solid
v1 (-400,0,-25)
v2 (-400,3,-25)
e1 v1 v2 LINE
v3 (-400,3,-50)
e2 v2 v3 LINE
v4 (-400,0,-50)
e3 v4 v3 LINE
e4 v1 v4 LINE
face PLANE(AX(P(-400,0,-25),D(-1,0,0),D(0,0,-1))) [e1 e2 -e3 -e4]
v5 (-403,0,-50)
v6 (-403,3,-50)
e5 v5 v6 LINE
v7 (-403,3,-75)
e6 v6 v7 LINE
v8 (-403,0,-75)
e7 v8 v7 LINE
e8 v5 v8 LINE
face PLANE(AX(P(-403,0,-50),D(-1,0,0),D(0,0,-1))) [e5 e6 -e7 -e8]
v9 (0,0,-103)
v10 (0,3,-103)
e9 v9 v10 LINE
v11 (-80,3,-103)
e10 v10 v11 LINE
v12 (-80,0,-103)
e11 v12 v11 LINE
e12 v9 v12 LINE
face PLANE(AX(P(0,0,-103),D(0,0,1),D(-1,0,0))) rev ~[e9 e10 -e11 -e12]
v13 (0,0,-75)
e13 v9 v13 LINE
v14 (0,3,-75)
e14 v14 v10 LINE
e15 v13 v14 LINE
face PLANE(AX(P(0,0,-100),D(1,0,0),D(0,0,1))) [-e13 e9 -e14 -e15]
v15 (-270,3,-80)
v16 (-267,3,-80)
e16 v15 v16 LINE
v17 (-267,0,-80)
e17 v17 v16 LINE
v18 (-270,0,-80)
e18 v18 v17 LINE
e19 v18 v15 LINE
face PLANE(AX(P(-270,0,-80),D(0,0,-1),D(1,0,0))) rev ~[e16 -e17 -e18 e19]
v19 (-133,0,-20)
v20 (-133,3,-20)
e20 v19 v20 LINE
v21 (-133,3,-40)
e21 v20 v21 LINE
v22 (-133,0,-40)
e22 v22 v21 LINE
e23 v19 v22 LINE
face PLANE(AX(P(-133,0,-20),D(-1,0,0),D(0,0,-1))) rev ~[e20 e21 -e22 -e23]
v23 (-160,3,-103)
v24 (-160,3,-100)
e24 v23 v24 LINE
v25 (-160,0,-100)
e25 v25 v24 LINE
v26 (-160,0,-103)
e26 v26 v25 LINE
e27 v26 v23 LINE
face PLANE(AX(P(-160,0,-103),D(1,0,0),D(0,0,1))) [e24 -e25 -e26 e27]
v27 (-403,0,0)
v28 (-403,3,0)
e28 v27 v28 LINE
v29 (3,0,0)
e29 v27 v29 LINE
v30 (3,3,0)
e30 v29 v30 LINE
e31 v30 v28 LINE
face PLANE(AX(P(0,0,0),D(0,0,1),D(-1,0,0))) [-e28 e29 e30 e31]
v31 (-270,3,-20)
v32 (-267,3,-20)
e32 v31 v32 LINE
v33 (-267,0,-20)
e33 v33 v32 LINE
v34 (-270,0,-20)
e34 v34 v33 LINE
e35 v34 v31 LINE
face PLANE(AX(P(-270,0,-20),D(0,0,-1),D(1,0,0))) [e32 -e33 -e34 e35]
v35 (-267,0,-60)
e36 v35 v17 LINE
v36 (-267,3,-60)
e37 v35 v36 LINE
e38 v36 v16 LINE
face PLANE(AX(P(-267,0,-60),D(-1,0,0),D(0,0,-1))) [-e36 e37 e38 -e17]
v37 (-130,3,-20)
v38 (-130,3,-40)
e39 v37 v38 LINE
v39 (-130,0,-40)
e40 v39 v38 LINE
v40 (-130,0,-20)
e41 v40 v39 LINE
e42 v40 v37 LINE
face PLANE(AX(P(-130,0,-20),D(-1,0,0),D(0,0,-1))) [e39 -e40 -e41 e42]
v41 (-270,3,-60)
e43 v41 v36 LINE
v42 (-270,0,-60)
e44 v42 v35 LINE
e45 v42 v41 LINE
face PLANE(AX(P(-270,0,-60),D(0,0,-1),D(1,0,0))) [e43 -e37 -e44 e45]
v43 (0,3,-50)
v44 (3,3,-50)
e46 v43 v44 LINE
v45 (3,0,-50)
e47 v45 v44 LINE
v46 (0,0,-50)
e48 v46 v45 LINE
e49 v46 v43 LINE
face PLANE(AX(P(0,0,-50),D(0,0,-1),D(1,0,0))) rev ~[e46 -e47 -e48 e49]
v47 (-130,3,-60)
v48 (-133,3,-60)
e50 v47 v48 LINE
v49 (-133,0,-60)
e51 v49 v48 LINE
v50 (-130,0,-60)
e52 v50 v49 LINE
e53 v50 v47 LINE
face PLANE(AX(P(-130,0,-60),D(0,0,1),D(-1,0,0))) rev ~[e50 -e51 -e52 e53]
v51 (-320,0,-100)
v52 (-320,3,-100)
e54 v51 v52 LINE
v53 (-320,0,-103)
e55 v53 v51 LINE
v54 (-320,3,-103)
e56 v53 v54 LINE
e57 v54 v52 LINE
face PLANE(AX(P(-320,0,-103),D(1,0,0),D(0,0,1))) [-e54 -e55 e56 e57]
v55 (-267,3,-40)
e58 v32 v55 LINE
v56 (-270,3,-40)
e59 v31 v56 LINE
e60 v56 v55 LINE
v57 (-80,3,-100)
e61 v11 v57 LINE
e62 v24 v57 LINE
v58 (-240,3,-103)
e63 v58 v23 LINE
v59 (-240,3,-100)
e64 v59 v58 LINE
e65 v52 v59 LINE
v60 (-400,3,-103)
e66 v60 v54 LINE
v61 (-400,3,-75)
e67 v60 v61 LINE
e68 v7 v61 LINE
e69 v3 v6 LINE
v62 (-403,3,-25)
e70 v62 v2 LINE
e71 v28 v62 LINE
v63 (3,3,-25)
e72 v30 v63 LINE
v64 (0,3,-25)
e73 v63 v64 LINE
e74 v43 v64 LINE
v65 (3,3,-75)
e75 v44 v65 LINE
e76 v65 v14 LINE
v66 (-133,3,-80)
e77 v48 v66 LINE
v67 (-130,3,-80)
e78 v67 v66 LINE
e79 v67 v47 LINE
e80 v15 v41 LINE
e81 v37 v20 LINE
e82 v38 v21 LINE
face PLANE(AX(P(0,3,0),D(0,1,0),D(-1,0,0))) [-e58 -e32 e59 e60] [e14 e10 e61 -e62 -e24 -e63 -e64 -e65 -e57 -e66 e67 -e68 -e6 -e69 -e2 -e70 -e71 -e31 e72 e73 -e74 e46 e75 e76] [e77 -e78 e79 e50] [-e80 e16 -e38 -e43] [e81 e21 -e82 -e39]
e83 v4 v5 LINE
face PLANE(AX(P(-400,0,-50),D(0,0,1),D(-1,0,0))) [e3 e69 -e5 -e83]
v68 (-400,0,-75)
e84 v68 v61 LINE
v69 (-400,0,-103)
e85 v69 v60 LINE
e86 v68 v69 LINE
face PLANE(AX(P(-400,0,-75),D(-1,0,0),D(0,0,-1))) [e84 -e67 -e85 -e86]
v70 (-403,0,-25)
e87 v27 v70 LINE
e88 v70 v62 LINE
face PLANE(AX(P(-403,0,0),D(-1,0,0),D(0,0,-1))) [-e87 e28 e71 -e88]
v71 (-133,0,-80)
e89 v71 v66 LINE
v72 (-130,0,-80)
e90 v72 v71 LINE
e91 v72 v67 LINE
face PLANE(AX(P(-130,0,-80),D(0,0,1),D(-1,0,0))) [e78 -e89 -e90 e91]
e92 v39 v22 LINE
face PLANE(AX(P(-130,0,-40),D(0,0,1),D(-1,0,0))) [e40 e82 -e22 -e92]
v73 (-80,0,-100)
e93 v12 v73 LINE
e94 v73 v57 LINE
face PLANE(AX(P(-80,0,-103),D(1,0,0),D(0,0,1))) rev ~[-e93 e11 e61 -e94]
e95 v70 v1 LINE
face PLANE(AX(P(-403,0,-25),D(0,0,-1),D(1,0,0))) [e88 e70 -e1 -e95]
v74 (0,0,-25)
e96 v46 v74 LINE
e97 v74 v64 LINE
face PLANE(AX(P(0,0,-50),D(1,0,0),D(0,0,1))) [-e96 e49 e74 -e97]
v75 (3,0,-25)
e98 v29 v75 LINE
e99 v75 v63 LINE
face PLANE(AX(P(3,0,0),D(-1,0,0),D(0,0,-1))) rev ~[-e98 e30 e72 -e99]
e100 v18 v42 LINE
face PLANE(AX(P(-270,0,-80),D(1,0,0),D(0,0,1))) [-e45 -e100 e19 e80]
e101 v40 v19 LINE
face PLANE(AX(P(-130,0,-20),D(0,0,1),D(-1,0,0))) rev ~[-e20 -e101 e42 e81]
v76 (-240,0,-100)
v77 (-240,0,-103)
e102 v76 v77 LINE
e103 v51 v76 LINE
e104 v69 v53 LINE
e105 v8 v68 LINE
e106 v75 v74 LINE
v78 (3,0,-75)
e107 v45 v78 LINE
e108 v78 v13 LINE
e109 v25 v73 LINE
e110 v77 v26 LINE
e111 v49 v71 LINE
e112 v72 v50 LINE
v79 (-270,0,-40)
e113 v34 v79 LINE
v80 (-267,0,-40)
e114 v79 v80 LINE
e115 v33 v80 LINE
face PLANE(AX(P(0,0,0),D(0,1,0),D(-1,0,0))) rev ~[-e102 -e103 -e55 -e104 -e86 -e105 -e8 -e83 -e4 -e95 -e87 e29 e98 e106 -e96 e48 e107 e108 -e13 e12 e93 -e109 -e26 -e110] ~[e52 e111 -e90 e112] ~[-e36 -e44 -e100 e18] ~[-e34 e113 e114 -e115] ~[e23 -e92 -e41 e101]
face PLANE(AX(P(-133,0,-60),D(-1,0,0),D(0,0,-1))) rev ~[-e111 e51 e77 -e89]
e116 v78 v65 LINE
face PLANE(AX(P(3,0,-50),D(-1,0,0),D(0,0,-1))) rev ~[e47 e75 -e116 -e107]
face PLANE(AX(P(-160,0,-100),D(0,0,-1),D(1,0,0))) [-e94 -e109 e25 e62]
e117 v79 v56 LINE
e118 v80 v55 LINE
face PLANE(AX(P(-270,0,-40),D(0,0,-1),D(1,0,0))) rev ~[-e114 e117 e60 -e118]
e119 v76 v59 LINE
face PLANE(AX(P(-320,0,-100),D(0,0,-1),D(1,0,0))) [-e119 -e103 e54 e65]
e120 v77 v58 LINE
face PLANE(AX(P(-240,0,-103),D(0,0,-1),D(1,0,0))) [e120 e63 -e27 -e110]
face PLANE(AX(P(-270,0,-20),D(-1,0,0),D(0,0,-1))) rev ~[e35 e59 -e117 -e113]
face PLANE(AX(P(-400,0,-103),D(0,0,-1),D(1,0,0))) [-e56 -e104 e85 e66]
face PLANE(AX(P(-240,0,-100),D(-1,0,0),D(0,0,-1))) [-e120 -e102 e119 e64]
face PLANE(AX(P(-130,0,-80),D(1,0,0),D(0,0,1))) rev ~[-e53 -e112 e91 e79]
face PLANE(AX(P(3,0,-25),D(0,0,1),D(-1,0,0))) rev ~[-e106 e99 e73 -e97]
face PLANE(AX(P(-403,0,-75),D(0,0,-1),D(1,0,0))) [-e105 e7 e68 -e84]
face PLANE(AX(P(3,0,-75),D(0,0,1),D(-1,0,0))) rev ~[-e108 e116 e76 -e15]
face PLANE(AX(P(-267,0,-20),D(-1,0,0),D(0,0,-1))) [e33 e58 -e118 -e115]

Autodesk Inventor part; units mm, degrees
ref_plane "YZ Plane" through (0, 0, 0) normal (1, 0, 0) x (0, 1, 0)
ref_plane "XZ Plane" through (0, 0, 0) normal (0, 1, 0) x (-1, 0, 0)
ref_plane "XY Plane" through (0, 0, 0) normal (0, 0, 1) x (1, 0, 0)
sketch "Sketch1" plane through (0, 0, 0) normal (0, 1, 0) x (-1, 0, 0)
  line L0 (0, 0) -> (400, 0)
  line L1 (400, 0) -> (400, -100)
  line L2 (400, -100) -> (0, -100)
  line L3 (0, -100) -> (0, 0)
  line L4 (400, -100) -> (400, -103)
  line L5 (400, -103) -> (320, -103)
  line L6 (320, -103) -> (320, -100)
  line L7 (0, -100) -> (0, -103)
  line L8 (0, -103) -> (80, -103)
  line L9 (80, -103) -> (80, -100)
  line L10 (240, -100) -> (240, -103)
  line L11 (240, -103) -> (160, -103)
  line L12 (160, -103) -> (160, -100)
  line L13 (400, 0) -> (403, 0)
  line L14 (403, 0) -> (403, -25)
  line L15 (403, -25) -> (400, -25)
  line L16 (400, -25) -> (400, -50)
  line L17 (400, -50) -> (403, -50)
  line L18 (403, -50) -> (403, -75)
  line L19 (403, -75) -> (400, -75)
  line L20 (200, 0) -> (200, -100) construction
  line L21 (0, 0) -> (0, -100)
  line L22 (0, 0) -> (-3, 0)
  line L23 (-3, 0) -> (-3, -25)
  line L24 (-3, -25) -> (0, -25)
  line L25 (0, -25) -> (0, -50)
  line L26 (0, -50) -> (-3, -50)
  line L27 (-3, -50) -> (-3, -75)
  line L28 (-3, -75) -> (0, -75)
  line L29 (0, 0) -> (130, 0)
  line L30 (130, 0) -> (264, 0)
  line L31 (130, 0) -> (133, 0)
  line L32 (133, 0) -> (267, 0)
  line L33 (267, 0) -> (270, 0)
  line L34 (130, -20) -> (133, -20)
  line L35 (130, -20) -> (130, -40)
  line L36 (130, -40) -> (133, -40)
  line L37 (130, -80) -> (133, -80)
  line L38 (130, -80) -> (130, -60)
  line L39 (130, -60) -> (133, -60)
  line L40 (133, -20) -> (133, -40)
  line L41 (133, -60) -> (133, -80)
  line L42 (270, -20) -> (267, -20)
  line L43 (270, -20) -> (270, -40)
  line L44 (270, -40) -> (267, -40)
  line L45 (270, -80) -> (267, -80)
  line L46 (270, -80) -> (270, -60)
  line L47 (270, -60) -> (267, -60)
  line L48 (267, -20) -> (267, -40)
  line L49 (267, -60) -> (267, -80)
  dimension "d0" = 400
  dimension "d1" = 100
  dimension "d2" = 3
  dimension "d3" = 80
  dimension "d4" = 3
  dimension "d5" = 80
  dimension "d7" = 3
  dimension "d8" = 80
  dimension "d9" = 3
  dimension "d10" = 25
  dimension "d11" = 25
  dimension "d12" = 3
  dimension "d13" = 25
  dimension "d16" = 130
  dimension "d17" = 134
  dimension "d18" = 3
  dimension "d19" = 134
  dimension "d20" = 3
  dimension "d21" = 20
  dimension "d22" = 20
  dimension "d24" = 20
extrude "Extrusion1" add sketch "Sketch1" along normal blind 3
sketch "Sketch2" plane through (0, 0, 0) normal (0, -1, 0) x (1, 0, 0)
  point P0 (0, 0)
  point P1 (-394.1596, -5.7675)
properties part number "Base sup e inf"
